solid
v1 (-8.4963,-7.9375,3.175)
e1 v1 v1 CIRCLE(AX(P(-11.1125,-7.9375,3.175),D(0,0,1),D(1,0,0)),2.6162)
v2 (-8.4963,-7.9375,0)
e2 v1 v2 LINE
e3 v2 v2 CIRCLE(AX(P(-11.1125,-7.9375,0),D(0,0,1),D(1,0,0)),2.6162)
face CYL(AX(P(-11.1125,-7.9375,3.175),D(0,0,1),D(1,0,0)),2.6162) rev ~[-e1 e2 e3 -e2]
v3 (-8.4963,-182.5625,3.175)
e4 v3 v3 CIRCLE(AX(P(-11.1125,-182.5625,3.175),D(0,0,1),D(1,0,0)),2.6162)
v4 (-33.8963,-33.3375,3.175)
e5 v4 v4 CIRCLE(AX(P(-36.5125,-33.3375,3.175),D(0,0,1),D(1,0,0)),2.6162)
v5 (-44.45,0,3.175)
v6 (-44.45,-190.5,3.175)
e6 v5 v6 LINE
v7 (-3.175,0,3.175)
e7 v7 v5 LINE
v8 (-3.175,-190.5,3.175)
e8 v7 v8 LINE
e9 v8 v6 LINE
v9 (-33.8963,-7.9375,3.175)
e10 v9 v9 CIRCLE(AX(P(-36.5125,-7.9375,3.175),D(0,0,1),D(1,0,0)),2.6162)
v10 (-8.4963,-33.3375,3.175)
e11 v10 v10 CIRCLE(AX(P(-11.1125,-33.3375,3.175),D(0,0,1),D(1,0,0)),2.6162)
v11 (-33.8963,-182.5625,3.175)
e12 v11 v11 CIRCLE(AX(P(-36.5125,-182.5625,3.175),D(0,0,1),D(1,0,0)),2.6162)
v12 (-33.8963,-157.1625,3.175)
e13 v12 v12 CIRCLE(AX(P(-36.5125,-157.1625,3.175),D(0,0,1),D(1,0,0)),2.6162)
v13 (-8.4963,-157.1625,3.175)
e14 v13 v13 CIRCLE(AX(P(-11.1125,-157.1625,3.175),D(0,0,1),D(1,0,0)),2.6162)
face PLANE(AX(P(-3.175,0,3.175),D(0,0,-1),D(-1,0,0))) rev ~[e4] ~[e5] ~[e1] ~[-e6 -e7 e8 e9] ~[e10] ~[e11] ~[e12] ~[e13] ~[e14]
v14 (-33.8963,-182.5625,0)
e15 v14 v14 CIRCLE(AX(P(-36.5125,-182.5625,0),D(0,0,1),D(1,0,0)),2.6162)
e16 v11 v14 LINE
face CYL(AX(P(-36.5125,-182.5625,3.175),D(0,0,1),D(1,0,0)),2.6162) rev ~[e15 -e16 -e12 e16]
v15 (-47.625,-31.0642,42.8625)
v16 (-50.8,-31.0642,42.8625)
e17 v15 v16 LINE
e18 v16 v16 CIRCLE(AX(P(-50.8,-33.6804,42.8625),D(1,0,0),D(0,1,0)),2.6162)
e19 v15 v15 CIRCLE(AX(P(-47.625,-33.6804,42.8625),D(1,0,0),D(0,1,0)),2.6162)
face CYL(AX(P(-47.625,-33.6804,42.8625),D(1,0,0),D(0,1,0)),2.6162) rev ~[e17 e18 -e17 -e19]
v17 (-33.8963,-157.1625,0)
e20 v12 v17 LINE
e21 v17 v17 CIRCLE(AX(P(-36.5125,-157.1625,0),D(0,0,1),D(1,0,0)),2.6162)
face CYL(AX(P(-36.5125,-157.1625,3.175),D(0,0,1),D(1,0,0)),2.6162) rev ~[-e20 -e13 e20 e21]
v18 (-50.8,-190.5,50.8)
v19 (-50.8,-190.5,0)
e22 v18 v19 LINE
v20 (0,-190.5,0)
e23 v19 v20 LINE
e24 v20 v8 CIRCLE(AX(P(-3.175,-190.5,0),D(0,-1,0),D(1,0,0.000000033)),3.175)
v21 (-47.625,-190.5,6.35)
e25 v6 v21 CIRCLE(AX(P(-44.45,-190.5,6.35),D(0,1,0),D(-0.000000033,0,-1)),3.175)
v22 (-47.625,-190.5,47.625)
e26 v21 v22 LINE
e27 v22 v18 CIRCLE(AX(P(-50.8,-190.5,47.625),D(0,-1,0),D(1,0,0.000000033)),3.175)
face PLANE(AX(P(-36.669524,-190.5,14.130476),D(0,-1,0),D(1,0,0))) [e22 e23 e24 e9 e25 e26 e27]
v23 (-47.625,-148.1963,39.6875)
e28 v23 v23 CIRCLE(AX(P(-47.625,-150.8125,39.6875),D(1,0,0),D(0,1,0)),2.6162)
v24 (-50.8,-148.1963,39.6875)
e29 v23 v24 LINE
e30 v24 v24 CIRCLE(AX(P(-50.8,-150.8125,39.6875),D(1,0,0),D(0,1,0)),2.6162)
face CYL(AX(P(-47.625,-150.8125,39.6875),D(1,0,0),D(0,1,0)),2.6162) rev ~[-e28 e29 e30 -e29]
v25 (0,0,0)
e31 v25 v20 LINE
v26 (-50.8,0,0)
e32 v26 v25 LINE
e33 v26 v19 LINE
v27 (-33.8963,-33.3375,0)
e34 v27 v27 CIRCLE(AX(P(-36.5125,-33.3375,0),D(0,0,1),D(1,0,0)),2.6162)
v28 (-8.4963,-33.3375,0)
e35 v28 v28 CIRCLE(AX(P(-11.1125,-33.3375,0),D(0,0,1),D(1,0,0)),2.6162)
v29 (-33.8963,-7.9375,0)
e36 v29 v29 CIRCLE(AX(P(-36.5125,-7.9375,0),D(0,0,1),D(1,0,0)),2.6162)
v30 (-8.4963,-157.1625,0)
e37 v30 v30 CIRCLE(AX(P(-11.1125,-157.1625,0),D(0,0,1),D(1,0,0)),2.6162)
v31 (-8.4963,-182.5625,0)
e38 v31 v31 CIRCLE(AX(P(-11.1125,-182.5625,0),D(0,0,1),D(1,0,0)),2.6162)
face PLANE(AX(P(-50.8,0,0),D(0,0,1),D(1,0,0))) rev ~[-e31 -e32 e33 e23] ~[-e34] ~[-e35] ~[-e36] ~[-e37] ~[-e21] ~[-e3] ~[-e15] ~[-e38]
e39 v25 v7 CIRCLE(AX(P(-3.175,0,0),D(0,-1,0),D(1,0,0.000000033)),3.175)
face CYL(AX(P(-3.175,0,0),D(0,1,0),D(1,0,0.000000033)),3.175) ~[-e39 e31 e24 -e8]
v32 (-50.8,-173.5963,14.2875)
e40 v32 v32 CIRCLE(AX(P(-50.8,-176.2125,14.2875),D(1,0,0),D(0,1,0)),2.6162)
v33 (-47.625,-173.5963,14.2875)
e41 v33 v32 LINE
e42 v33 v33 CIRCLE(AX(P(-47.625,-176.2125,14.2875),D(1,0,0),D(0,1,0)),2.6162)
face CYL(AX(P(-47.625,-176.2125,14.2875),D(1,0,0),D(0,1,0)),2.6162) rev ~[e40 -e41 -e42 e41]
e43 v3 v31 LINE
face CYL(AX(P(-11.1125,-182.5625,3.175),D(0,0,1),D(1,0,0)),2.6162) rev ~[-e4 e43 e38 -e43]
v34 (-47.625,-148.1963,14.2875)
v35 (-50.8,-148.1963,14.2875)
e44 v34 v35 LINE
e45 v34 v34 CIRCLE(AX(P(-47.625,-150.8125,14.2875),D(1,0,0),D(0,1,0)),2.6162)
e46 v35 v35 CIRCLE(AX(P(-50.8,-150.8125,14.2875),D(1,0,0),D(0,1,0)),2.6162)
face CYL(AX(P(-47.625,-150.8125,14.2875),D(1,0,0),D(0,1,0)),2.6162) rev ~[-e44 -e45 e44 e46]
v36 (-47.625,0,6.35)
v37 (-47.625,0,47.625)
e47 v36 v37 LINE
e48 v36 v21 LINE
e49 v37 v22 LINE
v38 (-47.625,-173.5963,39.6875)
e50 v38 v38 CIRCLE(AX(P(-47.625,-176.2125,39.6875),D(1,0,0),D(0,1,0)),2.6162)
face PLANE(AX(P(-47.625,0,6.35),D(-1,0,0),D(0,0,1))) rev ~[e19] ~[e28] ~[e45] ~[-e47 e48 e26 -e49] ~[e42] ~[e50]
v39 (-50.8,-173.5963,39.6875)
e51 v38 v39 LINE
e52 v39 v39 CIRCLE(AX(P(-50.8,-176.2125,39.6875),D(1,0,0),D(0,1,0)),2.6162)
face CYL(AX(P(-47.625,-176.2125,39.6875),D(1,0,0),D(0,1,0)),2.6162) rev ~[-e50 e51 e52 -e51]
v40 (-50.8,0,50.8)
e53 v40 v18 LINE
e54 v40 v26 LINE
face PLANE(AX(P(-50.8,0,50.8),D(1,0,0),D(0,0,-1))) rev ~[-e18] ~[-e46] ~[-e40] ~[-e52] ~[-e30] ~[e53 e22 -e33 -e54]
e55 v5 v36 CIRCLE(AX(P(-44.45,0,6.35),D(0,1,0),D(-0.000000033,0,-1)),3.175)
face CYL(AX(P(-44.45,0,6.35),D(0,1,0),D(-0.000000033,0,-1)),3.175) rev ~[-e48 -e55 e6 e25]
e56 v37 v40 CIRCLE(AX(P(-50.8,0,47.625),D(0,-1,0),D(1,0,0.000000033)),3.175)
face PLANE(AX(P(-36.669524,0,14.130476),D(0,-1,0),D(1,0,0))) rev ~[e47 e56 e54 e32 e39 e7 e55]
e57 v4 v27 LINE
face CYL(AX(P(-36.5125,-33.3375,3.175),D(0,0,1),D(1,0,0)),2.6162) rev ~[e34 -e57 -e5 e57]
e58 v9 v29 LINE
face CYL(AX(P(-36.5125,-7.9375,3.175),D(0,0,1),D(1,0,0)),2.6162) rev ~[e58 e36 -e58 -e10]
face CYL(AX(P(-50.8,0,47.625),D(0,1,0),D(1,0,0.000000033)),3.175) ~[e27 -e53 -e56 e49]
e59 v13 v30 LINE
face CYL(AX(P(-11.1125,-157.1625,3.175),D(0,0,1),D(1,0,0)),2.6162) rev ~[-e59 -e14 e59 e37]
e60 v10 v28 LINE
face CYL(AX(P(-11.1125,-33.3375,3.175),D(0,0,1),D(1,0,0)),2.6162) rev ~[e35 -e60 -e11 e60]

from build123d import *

# Parameters (mm, degrees)
F1_DEPTH = 190.5
F2_R     = 2.6162
F3_DEPTH = 3.176
F4_R     = 2.6162
F5_DEPTH = 3.176


with BuildPart() as f1:
    # F0 (on Front) → F1 (new body)
    with BuildSketch(Plane.XZ):
        with BuildLine():
            Line((-50.8, 0), (0, 0))
            ThreePointArc((0, 0), (-0.929936, 2.245064), (-3.175, 3.175))
            Line((-3.175, 3.175), (-44.45, 3.175))
            ThreePointArc((-44.45, 3.175), (-46.695064, 4.104936), (-47.625, 6.35))
            Line((-47.625, 6.35), (-47.625, 47.625))
            ThreePointArc((-47.625, 47.625), (-48.554936, 49.870064), (-50.8, 50.8))
            Line((-50.8, 50.8), (-50.8, 0))
        make_face()
    extrude(amount=F1_DEPTH)

    # F2 (on face) → F3 (cut, through all)
    with BuildSketch(Plane.YZ.offset(-47.625)):
        with Locations((-176.2125, 14.2875)):
            Circle(F2_R)
        with Locations((-176.2125, 39.6875)):
            Circle(F2_R)
        with Locations((-150.8125, 39.6875)):
            Circle(F2_R)
        with Locations((-150.8125, 14.2875)):
            Circle(F2_R)
        with Locations((-33.6804, 42.8625)):
            Circle(F2_R)
    extrude(amount=-F3_DEPTH, mode=Mode.SUBTRACT)

    # F4 (on face) → F5 (cut, through all)
    with BuildSketch(Plane.XY.offset(3.175)):
        with Locations((-36.5125, -182.5625)):
            Circle(F4_R)
        with Locations((-36.5125, -7.9375)):
            Circle(F4_R)
        with Locations((-11.1125, -7.9375)):
            Circle(F4_R)
        with Locations((-36.5125, -33.3375)):
            Circle(F4_R)
        with Locations((-11.1125, -33.3375)):
            Circle(F4_R)
        with Locations((-36.5125, -157.1625)):
            Circle(F4_R)
        with Locations((-11.1125, -182.5625)):
            Circle(F4_R)
        with Locations((-11.1125, -157.1625)):
            Circle(F4_R)
    extrude(amount=-F5_DEPTH, mode=Mode.SUBTRACT)


solid = f1.part
